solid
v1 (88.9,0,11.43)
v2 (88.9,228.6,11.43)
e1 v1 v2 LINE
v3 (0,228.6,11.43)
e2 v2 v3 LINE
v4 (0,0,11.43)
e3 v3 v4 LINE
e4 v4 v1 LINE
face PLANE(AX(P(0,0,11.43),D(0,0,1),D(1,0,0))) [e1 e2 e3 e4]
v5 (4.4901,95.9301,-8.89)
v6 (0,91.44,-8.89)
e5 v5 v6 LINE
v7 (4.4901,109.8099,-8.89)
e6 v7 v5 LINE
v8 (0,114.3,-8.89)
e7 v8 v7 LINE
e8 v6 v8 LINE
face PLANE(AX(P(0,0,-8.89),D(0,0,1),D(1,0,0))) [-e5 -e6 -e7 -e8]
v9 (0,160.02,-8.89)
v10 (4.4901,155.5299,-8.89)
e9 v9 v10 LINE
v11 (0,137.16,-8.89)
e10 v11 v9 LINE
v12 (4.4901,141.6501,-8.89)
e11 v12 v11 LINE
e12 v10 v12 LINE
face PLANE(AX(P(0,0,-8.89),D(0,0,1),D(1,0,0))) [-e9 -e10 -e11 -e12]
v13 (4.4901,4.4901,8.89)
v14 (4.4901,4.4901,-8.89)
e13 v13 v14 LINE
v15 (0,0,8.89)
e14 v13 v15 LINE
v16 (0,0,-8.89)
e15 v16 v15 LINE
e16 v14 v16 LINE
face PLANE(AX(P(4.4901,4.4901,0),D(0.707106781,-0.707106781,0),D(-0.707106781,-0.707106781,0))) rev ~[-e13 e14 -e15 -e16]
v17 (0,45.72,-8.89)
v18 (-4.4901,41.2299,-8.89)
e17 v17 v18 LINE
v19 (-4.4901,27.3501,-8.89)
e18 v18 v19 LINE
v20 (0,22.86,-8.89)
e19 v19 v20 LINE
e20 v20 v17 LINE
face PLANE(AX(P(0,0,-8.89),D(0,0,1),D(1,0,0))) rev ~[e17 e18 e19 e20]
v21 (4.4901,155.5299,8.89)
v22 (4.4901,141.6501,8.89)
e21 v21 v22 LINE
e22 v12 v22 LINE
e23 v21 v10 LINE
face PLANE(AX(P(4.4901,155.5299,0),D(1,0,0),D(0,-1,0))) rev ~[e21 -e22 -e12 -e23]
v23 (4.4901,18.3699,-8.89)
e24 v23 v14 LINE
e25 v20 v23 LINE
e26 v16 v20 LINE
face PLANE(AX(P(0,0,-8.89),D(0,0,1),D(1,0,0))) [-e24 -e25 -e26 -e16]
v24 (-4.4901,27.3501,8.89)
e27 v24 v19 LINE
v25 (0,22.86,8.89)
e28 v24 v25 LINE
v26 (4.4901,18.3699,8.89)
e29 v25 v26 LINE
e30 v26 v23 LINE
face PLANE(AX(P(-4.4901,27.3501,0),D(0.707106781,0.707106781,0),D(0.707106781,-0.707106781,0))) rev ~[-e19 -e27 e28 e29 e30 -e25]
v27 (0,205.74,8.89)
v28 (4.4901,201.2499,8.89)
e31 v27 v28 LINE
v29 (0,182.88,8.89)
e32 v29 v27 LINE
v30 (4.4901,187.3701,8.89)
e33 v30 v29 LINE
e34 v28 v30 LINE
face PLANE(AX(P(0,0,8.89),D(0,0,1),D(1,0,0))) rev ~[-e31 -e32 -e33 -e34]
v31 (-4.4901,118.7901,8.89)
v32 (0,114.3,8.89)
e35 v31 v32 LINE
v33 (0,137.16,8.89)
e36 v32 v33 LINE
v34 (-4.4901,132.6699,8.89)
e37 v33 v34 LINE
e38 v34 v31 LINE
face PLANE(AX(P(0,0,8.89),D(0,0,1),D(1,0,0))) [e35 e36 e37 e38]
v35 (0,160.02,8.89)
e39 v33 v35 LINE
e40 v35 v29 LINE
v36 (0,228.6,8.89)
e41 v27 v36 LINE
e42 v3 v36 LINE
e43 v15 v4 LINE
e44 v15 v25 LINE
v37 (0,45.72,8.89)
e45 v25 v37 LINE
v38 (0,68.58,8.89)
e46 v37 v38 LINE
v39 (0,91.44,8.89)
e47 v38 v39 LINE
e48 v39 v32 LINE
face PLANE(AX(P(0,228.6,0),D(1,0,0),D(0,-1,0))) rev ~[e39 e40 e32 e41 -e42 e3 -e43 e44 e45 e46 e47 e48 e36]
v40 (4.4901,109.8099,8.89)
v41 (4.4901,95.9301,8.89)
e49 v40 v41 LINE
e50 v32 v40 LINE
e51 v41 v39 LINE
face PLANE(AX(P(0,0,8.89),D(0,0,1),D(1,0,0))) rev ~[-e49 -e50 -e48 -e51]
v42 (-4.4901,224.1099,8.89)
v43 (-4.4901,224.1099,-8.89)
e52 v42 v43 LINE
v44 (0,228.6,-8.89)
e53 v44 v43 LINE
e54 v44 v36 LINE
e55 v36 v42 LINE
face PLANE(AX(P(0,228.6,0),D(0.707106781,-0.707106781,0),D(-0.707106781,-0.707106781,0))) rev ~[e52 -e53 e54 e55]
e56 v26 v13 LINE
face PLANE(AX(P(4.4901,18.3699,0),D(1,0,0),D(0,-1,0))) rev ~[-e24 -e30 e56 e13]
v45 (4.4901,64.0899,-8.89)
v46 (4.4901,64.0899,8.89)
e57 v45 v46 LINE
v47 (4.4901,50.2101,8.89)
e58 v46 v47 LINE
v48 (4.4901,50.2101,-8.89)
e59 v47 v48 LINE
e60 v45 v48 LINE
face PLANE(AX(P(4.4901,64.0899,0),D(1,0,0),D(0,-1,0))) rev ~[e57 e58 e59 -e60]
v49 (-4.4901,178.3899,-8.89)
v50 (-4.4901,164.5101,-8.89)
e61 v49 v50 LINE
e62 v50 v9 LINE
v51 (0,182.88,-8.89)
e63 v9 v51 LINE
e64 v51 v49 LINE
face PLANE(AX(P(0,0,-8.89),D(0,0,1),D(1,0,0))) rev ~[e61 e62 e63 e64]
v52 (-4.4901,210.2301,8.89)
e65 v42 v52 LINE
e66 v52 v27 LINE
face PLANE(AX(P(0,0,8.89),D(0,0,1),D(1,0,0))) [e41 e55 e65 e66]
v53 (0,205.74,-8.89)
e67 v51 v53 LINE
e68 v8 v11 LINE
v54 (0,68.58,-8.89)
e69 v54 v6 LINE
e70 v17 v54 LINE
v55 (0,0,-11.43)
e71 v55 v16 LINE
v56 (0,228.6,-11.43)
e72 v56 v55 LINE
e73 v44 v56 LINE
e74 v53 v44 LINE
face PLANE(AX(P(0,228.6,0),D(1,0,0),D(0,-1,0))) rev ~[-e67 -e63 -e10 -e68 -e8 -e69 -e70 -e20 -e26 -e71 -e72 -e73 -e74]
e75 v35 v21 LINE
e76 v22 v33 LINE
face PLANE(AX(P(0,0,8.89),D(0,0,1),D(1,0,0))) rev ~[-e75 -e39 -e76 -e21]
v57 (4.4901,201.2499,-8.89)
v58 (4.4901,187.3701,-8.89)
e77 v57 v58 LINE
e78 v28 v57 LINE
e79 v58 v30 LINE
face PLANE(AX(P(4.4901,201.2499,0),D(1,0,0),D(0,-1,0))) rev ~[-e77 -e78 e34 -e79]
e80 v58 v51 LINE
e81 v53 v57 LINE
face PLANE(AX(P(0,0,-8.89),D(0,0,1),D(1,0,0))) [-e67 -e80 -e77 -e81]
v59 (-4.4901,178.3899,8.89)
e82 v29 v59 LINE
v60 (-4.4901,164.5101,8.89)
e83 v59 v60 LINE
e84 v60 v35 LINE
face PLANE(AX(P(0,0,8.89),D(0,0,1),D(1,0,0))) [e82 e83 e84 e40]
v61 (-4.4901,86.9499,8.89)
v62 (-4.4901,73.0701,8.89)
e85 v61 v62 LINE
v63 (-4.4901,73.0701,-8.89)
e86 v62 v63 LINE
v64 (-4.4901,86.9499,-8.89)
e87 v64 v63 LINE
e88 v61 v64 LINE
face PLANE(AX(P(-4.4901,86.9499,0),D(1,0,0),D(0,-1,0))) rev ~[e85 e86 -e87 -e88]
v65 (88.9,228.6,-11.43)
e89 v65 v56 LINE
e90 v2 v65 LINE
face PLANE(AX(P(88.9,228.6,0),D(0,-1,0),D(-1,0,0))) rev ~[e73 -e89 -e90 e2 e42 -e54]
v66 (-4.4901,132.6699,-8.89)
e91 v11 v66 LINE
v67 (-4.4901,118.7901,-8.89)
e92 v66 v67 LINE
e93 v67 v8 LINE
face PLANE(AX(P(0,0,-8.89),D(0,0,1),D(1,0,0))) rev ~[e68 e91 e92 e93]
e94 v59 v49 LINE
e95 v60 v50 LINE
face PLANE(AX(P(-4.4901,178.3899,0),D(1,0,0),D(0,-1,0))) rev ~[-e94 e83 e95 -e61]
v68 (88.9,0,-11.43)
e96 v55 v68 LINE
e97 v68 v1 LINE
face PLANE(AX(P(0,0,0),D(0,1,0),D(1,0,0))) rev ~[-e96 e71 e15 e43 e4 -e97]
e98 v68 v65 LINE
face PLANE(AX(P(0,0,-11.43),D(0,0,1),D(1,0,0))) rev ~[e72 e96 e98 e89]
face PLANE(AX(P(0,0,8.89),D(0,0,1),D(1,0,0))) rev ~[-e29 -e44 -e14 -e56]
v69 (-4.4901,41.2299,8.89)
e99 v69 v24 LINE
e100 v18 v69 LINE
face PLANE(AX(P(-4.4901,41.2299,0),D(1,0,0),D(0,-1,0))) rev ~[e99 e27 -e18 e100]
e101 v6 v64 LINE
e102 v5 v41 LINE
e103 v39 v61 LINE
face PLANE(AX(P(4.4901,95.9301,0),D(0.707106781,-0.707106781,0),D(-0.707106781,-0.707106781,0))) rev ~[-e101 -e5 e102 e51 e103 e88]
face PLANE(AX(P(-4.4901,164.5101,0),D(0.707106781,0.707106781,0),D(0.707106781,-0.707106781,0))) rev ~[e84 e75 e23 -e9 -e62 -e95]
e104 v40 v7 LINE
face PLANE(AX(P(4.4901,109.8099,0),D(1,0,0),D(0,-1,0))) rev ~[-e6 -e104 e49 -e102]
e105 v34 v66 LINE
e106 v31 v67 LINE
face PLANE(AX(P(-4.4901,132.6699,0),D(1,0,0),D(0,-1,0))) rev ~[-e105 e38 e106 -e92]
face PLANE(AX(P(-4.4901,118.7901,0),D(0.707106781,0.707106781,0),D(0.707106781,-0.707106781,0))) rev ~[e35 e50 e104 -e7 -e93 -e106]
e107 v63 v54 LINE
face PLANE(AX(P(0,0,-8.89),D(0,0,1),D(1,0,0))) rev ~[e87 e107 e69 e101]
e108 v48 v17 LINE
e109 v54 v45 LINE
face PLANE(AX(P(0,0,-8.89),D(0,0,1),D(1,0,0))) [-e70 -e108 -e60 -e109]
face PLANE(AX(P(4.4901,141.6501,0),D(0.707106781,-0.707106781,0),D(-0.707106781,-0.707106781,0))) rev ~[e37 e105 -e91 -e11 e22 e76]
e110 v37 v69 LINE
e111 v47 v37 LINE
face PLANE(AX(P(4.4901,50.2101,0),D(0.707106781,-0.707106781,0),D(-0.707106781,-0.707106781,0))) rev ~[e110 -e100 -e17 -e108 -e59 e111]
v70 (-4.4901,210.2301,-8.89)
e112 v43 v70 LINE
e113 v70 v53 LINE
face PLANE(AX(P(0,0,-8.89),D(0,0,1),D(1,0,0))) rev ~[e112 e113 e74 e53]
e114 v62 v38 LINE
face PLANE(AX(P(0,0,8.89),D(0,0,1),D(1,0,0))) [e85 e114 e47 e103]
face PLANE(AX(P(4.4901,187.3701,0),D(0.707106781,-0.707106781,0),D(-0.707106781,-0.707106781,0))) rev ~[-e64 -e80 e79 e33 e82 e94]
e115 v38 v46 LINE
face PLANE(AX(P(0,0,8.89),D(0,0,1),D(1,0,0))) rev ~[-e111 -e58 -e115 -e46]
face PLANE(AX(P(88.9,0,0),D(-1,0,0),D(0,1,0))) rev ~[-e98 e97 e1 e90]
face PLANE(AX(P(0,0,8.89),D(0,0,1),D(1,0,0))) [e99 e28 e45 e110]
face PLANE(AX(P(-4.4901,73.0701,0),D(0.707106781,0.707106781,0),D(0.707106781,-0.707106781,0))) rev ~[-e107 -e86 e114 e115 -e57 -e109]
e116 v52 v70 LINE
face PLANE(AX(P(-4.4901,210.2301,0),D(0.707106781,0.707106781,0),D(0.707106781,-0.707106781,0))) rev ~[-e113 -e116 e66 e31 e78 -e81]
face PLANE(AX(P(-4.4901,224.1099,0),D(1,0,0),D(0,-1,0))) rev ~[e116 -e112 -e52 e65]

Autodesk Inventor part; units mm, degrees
ref_plane "YZ Plane" through (0, 0, 0) normal (1, 0, 0) x (0, 1, 0)
ref_plane "XZ Plane" through (0, 0, 0) normal (0, 1, 0) x (-1, 0, 0)
ref_plane "XY Plane" through (0, 0, 0) normal (0, 0, 1) x (1, 0, 0)
sketch "Sketch1" plane through (0, 0, 0) normal (0, 0, 1) x (1, 0, 0)
  line L0 (0, 0) -> (88.9, 0)
  line L1 (88.9, 0) -> (88.9, 228.6)
  line L2 (88.9, 228.6) -> (0, 228.6)
  line L3 (0, 228.6) -> (0, 0)
  dimension "d0" = 88.9
  dimension "d1" = 228.6
extrude "door" add sketch "Sketch1" along normal mid plane 22.86
sketch "Sketch2" plane through (0, 0, 0) normal (0, 0, 1) x (1, 0, 0)
  line L0 (88.9, 228.6) -> (0, 228.6) projected
  line L1 (88.9, 0) -> (0, 0) projected
  line L2 (4.4901, 64.0899) -> (4.4901, 50.2101)
  line L3 (4.4901, 50.2101) -> (0, 45.72)
  line L4 (0, 45.72) -> (-4.4901, 41.2299)
  line L5 (-4.4901, 41.2299) -> (-4.4901, 27.3501)
  line L6 (-4.4901, 27.3501) -> (0, 22.86)
  line L7 (0, 22.86) -> (0, 45.72)
  line L8 (0, 22.86) -> (4.4901, 18.3699)
  line L9 (4.4901, 18.3699) -> (4.4901, 4.4901)
  line L10 (4.4901, 4.4901) -> (0, 0)
  line L11 (0, 0) -> (0, 22.86)
  line L12 (0, 45.72) -> (0, 68.58)
  line L13 (-4.4901, 178.3899) -> (-4.4901, 164.5101)
  line L14 (0, 160.02) -> (0, 182.88)
  line L15 (-4.4901, 164.5101) -> (0, 160.02)
  line L16 (0, 160.02) -> (4.4901, 155.5299)
  line L17 (4.4901, 155.5299) -> (4.4901, 141.6501)
  line L18 (4.4901, 141.6501) -> (0, 137.16)
  line L19 (0, 137.16) -> (0, 160.02)
  line L20 (0, 137.16) -> (-4.4901, 132.6699)
  line L21 (-4.4901, 132.6699) -> (-4.4901, 118.7901)
  line L22 (0, 114.3) -> (0, 137.16)
  line L23 (-4.4901, 118.7901) -> (0, 114.3)
  line L24 (0, 114.3) -> (4.4901, 109.8099)
  line L25 (-4.4901, 73.0701) -> (0, 68.58)
  line L26 (-4.4901, 86.9499) -> (-4.4901, 73.0701)
  line L27 (0, 68.58) -> (0, 91.44)
  line L28 (0, 91.44) -> (-4.4901, 86.9499)
  line L29 (4.4901, 95.9301) -> (0, 91.44)
  line L30 (4.4901, 109.8099) -> (4.4901, 95.9301)
  line L31 (0, 91.44) -> (0, 114.3)
  line L32 (0, 68.58) -> (4.4901, 64.0899)
  line L33 (0, 228.6) -> (-4.4901, 224.1099)
  line L34 (0, 182.88) -> (-4.4901, 178.3899)
  line L35 (4.4901, 187.3701) -> (0, 182.88)
  line L36 (4.4901, 201.2499) -> (4.4901, 187.3701)
  line L37 (0, 182.88) -> (0, 205.74)
  line L38 (0, 205.74) -> (4.4901, 201.2499)
  line L39 (-4.4901, 210.2301) -> (0, 205.74)
  line L40 (-4.4901, 224.1099) -> (-4.4901, 210.2301)
  line L41 (0, 205.74) -> (0, 228.6)
  point P0 (-4.4901, 34.29)
  point P1 (4.4901, 57.15)
  point P2 (-4.4901, 80.01)
  point P3 (4.4901, 102.87)
  point P4 (-4.4901, 125.73)
  point P5 (4.4901, 148.59)
  point P6 (-4.4901, 171.45)
  point P7 (4.4901, 194.31)
  point P8 (-4.4901, 217.17)
  dimension "d36" = 6.35
  dimension "d37" = 228.6
  dimension "d38" = 11.43
  dimension "d39" = 11.43
  dimension "d40" = 11.43
  dimension "d41" = 11.43
  dimension "d42" = 11.43
  dimension "d43" = 11.43
  dimension "d44" = 11.43
  dimension "d45" = 11.43
  dimension "d46" = 45
  dimension "d47" = 45
extrude "teeth cut" cut sketch "Sketch2" along normal mid plane 17.78 contours L8 L9 L10 L11 | L37 L38 L36 L35 | L19 L16 L17 L18 | L31 L24 L30 L29 | L2 L3 L12 L32
extrude "teeth make" add sketch "Sketch2" along normal mid plane 17.78 contours L7 L6 L5 L4 | L39 L40 L33 L41 | L15 L13 L34 L14 | L23 L21 L20 L22 | L25 L26 L28 L27
equation "\"d38\" = d48"
equation "\"d39\" = d48"
equation "\"d40\" = d48"
equation "\"d41\" = d48"
equation "\"d42\" = d48"
equation "\"d43\" = d48"
equation "\"d44\" = d48"
equation "\"d45\" = d48"
equation "\"d21\" = d19"
equation "\"d48\" = 0.05 * d37"
equation "\"d19\" = 17.78"
properties part number "door (right side) 2nd map"
